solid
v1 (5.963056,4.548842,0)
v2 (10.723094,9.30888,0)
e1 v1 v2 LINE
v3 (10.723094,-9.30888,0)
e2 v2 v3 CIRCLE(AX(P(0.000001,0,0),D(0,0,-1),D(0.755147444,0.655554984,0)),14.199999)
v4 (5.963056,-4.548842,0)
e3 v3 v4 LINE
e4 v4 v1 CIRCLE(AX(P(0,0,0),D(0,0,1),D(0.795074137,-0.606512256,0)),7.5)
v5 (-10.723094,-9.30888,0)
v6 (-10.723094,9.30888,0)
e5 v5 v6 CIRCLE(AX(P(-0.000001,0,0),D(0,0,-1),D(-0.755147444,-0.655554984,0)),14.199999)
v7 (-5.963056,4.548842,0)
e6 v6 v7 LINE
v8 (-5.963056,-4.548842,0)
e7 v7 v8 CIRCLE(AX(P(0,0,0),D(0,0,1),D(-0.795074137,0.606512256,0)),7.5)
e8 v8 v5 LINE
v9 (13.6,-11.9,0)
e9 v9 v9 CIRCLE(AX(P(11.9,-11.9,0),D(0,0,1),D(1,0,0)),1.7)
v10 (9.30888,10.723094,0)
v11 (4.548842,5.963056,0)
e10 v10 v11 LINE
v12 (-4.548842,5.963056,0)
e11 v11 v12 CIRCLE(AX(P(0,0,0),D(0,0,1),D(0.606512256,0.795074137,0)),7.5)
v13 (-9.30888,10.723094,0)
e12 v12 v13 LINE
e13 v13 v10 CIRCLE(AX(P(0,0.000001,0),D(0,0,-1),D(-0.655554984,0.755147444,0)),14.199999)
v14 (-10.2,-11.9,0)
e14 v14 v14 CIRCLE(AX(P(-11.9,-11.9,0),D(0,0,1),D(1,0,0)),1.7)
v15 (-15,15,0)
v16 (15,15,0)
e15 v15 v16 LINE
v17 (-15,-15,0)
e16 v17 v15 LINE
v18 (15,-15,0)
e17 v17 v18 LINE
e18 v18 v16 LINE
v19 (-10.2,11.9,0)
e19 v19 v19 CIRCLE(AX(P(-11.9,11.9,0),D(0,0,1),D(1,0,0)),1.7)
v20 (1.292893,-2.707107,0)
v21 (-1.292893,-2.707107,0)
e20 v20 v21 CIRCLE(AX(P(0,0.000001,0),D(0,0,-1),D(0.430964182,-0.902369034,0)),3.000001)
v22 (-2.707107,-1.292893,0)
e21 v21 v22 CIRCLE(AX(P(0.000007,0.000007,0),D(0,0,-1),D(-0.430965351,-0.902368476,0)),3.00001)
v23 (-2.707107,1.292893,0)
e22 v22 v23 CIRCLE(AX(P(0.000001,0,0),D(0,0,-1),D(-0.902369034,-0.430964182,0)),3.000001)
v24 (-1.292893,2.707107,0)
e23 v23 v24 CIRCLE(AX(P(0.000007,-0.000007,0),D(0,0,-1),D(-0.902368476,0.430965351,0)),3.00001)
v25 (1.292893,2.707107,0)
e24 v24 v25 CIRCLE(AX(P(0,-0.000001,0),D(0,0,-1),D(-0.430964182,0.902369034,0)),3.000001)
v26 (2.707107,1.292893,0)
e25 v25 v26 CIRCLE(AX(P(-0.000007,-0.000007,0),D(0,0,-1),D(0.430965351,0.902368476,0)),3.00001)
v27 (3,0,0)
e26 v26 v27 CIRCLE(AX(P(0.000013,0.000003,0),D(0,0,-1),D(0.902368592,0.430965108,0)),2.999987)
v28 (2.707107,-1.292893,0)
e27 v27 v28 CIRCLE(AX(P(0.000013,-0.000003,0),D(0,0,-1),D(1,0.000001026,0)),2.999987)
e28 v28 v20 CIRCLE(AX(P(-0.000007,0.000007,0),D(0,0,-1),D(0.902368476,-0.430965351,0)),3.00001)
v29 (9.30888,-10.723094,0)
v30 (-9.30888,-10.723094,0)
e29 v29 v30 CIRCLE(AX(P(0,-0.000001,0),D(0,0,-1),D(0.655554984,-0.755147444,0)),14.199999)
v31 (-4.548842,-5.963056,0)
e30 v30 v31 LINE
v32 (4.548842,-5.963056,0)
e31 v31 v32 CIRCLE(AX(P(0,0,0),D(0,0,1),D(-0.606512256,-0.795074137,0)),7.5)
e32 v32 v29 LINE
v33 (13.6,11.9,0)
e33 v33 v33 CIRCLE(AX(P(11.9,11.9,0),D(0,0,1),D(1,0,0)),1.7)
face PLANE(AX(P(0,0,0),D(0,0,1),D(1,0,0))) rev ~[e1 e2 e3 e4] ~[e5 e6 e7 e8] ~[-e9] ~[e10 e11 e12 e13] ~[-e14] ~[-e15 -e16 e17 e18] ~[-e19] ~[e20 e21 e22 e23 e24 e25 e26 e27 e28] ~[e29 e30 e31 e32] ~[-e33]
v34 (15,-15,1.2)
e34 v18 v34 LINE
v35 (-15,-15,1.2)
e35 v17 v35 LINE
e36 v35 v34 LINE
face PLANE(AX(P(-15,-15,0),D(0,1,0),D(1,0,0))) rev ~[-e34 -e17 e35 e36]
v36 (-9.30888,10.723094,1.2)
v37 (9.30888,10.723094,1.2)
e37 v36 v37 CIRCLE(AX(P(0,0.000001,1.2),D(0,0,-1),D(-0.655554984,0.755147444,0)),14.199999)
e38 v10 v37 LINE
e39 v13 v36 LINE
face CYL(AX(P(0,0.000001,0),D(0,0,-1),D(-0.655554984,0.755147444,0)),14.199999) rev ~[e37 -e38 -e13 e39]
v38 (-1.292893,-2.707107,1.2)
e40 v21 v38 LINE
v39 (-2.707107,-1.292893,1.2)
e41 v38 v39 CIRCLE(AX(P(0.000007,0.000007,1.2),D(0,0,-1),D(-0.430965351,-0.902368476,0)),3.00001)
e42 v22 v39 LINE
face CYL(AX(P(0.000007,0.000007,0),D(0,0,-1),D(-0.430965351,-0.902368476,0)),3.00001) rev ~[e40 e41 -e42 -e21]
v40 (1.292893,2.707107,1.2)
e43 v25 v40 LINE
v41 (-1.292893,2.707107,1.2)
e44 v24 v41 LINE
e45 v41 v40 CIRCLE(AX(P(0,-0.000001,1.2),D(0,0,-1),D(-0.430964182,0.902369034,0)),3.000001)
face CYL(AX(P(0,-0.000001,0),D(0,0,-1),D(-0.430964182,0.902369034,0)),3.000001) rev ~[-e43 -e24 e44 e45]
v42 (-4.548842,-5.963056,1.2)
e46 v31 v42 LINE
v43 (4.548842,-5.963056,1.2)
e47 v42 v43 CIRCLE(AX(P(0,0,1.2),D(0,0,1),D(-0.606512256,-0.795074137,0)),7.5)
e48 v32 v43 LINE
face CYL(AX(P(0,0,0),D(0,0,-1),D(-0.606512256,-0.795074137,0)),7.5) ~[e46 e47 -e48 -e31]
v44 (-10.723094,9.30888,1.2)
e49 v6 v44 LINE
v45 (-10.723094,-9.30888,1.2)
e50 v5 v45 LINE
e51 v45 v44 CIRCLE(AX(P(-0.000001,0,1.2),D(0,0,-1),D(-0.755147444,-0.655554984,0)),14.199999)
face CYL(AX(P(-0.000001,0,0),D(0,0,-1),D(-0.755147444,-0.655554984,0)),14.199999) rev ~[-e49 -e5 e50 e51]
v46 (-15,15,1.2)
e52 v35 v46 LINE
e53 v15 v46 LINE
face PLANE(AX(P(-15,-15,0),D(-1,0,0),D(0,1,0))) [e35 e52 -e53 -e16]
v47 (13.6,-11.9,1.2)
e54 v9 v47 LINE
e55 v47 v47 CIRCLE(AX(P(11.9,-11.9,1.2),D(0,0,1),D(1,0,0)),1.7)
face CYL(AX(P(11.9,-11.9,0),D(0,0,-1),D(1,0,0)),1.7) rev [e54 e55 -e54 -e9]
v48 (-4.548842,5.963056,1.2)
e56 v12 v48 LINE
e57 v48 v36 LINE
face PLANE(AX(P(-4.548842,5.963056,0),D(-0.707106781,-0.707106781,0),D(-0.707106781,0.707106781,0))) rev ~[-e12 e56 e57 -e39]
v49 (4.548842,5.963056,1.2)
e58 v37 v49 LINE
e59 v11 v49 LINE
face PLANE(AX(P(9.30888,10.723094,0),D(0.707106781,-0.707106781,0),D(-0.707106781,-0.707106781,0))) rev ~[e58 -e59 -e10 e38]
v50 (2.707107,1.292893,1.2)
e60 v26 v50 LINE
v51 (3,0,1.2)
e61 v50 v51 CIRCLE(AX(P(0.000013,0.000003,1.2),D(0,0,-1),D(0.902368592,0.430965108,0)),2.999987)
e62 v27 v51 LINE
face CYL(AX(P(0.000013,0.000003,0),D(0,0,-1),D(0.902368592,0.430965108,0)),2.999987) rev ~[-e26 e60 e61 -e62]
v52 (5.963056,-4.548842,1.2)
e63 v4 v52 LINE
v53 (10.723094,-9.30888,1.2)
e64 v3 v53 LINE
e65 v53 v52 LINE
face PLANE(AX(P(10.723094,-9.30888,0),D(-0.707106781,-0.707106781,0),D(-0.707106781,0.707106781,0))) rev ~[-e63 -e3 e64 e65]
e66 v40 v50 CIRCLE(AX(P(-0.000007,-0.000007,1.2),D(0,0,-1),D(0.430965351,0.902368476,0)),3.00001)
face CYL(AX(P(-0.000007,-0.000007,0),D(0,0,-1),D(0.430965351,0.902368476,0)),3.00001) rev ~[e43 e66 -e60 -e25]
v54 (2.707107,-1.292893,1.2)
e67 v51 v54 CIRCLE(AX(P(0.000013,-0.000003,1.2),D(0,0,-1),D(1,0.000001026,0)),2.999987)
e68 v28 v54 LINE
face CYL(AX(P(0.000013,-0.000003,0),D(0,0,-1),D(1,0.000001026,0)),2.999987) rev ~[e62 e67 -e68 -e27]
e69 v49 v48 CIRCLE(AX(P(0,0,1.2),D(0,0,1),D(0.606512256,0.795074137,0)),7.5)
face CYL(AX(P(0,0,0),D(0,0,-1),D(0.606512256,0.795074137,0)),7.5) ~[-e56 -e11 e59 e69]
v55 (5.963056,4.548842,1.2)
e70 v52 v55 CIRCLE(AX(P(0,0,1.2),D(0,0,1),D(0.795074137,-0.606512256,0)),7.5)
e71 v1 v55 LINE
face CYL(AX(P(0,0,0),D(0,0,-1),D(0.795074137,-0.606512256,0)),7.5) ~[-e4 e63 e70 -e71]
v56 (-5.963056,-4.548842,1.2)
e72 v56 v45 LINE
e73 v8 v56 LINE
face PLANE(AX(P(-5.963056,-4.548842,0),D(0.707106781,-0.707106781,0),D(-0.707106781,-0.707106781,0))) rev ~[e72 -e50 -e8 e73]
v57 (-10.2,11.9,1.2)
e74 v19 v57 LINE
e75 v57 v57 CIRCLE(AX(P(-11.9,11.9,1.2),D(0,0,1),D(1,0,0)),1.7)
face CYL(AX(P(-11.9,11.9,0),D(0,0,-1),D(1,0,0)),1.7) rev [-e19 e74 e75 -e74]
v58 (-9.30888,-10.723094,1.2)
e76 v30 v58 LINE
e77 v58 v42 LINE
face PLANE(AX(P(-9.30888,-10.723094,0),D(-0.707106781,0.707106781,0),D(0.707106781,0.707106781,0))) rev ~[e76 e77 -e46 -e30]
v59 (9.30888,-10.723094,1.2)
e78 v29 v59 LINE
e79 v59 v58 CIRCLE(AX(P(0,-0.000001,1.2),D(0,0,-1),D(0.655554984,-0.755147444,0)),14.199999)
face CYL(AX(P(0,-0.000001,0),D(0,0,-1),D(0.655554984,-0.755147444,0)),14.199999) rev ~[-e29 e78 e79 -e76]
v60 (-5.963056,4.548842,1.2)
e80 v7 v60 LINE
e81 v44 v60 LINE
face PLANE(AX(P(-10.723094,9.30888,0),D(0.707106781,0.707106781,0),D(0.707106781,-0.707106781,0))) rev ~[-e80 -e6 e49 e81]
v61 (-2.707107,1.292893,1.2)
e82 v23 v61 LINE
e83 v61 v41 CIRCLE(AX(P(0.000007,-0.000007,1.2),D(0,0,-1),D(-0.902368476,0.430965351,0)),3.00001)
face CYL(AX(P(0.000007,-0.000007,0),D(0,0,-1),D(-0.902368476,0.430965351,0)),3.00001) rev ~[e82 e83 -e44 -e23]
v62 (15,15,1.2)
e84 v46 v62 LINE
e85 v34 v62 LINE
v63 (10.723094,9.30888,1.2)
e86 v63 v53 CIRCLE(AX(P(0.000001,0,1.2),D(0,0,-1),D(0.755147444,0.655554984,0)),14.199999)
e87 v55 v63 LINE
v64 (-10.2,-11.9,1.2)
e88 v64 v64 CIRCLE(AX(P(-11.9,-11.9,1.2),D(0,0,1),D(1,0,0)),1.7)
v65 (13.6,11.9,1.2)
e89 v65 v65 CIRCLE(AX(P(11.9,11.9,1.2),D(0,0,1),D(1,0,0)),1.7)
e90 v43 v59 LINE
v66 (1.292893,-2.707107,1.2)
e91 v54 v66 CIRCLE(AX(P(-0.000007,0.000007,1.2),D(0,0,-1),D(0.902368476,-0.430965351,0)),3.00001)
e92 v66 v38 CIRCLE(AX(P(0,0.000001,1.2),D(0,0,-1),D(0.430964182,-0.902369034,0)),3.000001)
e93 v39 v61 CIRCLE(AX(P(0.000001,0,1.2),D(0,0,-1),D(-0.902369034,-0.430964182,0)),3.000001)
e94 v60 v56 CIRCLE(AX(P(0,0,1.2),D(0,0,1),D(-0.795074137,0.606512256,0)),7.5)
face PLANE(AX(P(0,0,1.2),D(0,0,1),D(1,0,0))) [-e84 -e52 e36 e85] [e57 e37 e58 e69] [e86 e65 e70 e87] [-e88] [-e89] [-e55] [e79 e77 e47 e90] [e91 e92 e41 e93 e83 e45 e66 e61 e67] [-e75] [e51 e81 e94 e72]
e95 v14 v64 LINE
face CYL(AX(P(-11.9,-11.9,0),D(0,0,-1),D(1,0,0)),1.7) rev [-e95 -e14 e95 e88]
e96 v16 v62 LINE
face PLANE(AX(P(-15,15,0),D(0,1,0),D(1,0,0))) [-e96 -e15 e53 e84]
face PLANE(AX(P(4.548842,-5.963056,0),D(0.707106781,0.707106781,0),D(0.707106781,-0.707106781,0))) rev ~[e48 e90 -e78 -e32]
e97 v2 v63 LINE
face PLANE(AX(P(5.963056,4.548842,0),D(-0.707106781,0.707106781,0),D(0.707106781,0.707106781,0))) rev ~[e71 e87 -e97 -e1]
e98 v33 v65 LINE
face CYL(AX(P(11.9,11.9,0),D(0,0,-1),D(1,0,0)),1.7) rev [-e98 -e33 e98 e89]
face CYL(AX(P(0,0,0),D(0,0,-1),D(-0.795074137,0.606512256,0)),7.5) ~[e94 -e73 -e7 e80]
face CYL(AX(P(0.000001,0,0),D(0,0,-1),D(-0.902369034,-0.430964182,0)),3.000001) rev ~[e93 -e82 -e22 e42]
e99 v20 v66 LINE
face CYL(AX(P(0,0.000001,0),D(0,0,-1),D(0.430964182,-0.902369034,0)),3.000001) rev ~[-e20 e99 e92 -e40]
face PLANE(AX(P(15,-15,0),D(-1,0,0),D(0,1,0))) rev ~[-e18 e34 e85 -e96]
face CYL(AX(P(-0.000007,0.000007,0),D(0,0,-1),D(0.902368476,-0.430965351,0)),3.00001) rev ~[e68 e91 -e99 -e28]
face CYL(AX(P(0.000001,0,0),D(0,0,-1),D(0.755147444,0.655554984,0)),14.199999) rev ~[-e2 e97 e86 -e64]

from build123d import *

# Parameters (mm, degrees)
F0_W     = 30
F0_H     = 30
F0_R     = 1.7
F1_DEPTH = 1.2


with BuildPart() as f1:
    # F0 (on Top) → F1 (new body)
    with BuildSketch(Plane.XY):
        Rectangle(F0_W, F0_H)
        with Locations((-11.9, -11.9)):
            Circle(F0_R, mode=Mode.SUBTRACT)
        with BuildLine():
            Line((-5.963056, -4.548842), (-10.723094, -9.30888))
            ThreePointArc((-10.723094, -9.30888), (-14.2, 0), (-10.723094, 9.30888))
            Line((-10.723094, 9.30888), (-5.963056, 4.548842))
            ThreePointArc((-5.963056, 4.548842), (-7.5, 0), (-5.963056, -4.548842))
        make_face(mode=Mode.SUBTRACT)
        with BuildLine():
            ThreePointArc((9.30888, -10.723094), (0, -14.2), (-9.30888, -10.723094))
            Line((-9.30888, -10.723094), (-4.548842, -5.963056))
            ThreePointArc((-4.548842, -5.963056), (0, -7.5), (4.548842, -5.963056))
            Line((4.548842, -5.963056), (9.30888, -10.723094))
        make_face(mode=Mode.SUBTRACT)
        with Locations((11.9, -11.9)):
            Circle(F0_R, mode=Mode.SUBTRACT)
        with BuildLine():
            ThreePointArc((10.723094, 9.30888), (14.2, 0), (10.723094, -9.30888))
            Line((10.723094, -9.30888), (5.963056, -4.548842))
            ThreePointArc((5.963056, -4.548842), (7.5, 0), (5.963056, 4.548842))
            Line((5.963056, 4.548842), (10.723094, 9.30888))
        make_face(mode=Mode.SUBTRACT)
        with Locations((-11.9, 11.9)):
            Circle(F0_R, mode=Mode.SUBTRACT)
        with BuildLine():
            ThreePointArc((1.292893, 2.707107), (2.12132, 2.12132), (2.707107, 1.292893))
            ThreePointArc((2.707107, 1.292893), (2.925861, 0.662827), (3, 0))
            ThreePointArc((3, 0), (2.925861, -0.662827), (2.707107, -1.292893))
            ThreePointArc((2.707107, -1.292893), (2.12132, -2.12132), (1.292893, -2.707107))
            ThreePointArc((1.292893, -2.707107), (0, -3), (-1.292893, -2.707107))
            ThreePointArc((-1.292893, -2.707107), (-2.12132, -2.12132), (-2.707107, -1.292893))
            ThreePointArc((-2.707107, -1.292893), (-3, 0), (-2.707107, 1.292893))
            ThreePointArc((-2.707107, 1.292893), (-2.12132, 2.12132), (-1.292893, 2.707107))
            ThreePointArc((-1.292893, 2.707107), (0, 3), (1.292893, 2.707107))
        make_face(mode=Mode.SUBTRACT)
        with BuildLine():
            ThreePointArc((4.548842, 5.963056), (0, 7.5), (-4.548842, 5.963056))
            Line((-4.548842, 5.963056), (-9.30888, 10.723094))
            ThreePointArc((-9.30888, 10.723094), (0, 14.2), (9.30888, 10.723094))
            Line((9.30888, 10.723094), (4.548842, 5.963056))
        make_face(mode=Mode.SUBTRACT)
        with Locations((11.9, 11.9)):
            Circle(F0_R, mode=Mode.SUBTRACT)
    extrude(amount=F1_DEPTH)


solid = f1.part
